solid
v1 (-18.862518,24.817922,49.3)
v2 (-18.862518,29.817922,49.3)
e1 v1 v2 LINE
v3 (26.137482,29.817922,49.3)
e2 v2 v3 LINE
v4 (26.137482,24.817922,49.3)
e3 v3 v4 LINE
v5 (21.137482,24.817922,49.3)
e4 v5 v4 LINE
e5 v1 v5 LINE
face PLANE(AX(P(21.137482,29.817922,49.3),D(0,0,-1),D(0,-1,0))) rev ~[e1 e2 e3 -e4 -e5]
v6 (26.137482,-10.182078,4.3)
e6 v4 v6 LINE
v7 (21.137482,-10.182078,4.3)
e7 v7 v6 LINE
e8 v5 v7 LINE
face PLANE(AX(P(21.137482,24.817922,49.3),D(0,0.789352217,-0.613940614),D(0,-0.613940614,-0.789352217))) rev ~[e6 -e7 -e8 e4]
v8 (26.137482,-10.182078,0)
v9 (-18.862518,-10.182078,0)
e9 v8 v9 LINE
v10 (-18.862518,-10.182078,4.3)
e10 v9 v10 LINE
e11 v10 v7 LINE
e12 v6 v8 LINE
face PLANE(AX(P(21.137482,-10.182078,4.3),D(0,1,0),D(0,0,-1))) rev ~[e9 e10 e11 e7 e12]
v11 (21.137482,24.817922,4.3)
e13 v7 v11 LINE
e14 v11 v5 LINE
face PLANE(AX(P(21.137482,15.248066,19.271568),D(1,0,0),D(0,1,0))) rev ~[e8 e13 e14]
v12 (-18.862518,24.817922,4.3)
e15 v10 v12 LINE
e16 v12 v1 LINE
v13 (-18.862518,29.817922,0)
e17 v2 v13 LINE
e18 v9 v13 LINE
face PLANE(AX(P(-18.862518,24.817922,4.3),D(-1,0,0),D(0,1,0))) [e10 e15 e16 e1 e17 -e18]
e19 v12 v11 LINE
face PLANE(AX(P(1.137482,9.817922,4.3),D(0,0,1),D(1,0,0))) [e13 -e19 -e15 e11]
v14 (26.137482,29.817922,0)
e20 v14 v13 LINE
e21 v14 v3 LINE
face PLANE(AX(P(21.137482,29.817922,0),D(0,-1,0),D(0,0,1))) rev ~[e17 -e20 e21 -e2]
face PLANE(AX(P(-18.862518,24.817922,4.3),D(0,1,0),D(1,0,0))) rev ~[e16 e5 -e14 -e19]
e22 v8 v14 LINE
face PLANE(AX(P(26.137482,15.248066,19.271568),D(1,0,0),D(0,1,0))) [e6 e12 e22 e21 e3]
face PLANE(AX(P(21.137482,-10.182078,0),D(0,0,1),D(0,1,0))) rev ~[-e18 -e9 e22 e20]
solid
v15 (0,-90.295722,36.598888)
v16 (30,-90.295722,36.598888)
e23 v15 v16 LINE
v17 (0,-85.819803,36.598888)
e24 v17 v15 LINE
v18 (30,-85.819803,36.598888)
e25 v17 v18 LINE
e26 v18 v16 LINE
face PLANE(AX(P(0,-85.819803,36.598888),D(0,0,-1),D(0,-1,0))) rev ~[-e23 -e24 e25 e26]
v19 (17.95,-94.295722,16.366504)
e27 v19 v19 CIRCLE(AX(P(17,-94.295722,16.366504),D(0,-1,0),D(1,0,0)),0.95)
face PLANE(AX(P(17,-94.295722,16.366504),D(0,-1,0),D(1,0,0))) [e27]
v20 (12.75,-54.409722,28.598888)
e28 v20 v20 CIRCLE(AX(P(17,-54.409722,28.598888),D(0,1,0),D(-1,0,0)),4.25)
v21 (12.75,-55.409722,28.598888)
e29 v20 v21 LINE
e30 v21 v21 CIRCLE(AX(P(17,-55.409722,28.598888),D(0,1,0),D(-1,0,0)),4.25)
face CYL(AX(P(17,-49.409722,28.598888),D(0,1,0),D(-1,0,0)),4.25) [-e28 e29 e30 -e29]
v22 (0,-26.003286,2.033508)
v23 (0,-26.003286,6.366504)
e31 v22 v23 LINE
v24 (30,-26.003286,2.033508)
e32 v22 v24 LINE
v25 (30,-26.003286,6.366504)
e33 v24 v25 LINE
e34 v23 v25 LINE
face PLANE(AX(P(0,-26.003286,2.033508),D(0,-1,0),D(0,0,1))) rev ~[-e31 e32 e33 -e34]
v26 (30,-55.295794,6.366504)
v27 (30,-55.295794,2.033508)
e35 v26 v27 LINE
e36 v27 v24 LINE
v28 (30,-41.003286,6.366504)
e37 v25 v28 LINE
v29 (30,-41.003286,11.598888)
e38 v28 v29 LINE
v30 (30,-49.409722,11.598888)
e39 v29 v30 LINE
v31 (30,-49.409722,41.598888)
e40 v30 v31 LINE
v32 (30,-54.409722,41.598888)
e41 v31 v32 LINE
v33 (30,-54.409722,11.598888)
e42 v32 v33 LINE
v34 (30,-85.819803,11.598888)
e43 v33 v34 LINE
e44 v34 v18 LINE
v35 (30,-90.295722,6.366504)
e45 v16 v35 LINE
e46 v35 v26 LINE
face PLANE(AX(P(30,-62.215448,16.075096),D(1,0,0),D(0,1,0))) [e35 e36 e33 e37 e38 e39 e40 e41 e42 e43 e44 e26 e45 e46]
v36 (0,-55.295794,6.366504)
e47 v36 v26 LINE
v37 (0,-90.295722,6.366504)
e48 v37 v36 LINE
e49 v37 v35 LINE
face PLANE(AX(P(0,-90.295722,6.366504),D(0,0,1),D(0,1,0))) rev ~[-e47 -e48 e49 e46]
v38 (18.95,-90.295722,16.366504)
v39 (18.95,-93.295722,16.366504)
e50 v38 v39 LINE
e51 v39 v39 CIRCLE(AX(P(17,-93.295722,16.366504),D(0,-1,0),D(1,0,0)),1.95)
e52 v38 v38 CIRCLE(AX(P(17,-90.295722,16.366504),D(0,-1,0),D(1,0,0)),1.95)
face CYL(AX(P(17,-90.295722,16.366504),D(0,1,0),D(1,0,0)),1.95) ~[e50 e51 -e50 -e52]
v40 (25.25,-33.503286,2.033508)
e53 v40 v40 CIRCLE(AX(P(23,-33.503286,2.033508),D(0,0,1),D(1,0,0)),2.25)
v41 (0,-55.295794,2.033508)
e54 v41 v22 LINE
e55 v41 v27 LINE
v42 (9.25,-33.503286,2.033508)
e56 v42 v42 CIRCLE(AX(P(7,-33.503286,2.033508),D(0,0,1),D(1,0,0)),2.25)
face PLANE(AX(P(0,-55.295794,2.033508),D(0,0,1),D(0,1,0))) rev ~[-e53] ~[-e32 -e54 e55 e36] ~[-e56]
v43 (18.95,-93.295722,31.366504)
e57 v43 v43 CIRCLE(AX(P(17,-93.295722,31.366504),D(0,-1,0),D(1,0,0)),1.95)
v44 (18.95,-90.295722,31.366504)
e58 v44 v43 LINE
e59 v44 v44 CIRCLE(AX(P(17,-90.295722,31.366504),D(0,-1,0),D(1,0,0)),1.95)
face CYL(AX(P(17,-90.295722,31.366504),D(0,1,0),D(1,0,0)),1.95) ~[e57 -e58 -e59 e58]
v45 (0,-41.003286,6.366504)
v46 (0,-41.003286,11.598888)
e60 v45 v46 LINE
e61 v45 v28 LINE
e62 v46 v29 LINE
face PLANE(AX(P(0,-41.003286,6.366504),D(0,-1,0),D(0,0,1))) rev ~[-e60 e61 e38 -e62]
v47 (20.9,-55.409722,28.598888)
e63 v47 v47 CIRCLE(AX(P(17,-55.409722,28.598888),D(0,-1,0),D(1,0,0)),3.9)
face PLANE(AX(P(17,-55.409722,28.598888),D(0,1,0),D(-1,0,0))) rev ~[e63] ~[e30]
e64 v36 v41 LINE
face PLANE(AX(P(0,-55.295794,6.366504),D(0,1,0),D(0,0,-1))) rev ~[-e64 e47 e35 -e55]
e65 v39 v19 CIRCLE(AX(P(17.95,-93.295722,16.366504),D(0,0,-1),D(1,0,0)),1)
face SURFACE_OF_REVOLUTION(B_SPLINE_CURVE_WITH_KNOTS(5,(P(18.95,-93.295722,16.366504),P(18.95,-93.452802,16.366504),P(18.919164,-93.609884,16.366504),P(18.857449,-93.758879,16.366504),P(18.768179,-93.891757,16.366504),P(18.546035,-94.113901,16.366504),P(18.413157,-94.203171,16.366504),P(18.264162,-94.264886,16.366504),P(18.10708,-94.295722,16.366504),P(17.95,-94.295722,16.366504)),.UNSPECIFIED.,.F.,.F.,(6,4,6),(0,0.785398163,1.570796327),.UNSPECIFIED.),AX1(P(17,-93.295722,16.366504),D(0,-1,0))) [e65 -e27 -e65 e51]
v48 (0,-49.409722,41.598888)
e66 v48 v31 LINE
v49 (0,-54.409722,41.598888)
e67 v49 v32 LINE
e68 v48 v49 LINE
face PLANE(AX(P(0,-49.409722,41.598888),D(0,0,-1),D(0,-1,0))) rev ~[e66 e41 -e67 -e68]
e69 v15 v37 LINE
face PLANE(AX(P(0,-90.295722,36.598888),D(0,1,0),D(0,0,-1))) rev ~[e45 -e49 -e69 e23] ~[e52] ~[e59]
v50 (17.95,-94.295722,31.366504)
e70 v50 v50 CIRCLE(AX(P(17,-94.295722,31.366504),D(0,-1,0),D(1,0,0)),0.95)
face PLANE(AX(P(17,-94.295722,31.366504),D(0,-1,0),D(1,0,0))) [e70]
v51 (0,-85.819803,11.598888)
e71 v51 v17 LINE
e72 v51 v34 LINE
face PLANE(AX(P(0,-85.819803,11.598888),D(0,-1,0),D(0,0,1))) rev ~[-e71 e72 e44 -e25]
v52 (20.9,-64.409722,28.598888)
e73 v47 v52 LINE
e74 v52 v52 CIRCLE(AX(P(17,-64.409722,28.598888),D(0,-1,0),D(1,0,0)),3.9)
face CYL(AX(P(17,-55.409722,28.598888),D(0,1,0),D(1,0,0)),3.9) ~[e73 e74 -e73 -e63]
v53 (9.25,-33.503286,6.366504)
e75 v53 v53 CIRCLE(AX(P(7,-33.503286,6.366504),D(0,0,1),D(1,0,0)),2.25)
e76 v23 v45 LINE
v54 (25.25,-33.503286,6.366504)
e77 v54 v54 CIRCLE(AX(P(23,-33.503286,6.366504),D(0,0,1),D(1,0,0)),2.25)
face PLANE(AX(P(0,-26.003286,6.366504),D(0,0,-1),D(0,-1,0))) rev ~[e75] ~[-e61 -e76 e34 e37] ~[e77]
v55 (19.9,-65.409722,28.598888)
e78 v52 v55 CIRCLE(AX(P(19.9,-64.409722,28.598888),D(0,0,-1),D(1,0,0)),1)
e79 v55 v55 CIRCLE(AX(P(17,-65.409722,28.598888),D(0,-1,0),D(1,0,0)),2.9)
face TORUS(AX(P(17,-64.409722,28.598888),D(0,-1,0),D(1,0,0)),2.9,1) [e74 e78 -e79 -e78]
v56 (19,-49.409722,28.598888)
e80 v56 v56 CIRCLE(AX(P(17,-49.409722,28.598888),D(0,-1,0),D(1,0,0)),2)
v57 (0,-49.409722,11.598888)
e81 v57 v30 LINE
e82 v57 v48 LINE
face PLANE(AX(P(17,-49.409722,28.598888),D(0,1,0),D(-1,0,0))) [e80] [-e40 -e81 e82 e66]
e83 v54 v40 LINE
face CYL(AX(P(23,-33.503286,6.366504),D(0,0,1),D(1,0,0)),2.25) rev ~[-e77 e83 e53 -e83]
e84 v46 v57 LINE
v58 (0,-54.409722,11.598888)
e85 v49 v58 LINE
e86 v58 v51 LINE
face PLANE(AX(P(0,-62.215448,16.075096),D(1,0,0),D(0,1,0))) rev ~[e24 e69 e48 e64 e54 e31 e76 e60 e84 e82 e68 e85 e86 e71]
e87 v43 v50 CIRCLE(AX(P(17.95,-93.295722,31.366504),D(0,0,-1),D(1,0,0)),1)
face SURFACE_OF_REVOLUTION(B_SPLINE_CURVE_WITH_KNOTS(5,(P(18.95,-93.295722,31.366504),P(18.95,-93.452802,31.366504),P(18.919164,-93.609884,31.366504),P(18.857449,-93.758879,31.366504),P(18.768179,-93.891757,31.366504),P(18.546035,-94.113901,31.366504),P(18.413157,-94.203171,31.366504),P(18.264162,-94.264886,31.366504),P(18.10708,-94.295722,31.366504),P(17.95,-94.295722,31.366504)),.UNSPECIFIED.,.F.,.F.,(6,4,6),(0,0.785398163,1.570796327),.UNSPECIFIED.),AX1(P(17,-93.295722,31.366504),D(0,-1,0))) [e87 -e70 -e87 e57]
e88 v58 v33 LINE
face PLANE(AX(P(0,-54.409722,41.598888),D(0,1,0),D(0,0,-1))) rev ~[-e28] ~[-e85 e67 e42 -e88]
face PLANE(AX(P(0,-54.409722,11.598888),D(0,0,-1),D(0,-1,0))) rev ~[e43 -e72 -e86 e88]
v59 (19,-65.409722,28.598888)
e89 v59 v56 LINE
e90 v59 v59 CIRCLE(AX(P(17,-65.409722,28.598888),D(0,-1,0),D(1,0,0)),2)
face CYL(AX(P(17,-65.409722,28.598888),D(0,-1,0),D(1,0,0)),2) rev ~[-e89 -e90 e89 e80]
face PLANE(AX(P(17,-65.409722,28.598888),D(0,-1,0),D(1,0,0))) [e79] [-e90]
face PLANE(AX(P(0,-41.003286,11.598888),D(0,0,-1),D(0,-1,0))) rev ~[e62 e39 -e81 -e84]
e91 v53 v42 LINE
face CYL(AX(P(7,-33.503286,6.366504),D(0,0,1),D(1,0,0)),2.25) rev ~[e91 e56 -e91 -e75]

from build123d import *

# Parameters (mm, degrees)
F0_W      = 40
F0_H      = 40
F1_DEPTH  = 4.3
F2_W      = 40
F2_H      = 5
F3_DEPTH  = 45
F5_DEPTH  = 5
F7_DEPTH  = 30
F8_R      = 4.25
F9_DEPTH  = 6
F10_R     = 3.9
F11_DEPTH = 10
F12_R     = 1
F13_R     = 2.25
F14_DEPTH = 4.332997
F15_R     = 2
F16_DEPTH = 16
F17_R     = 1.95
F18_DEPTH = 4
F19_R     = 1


with BuildPart() as f1:
    # F0 (on Top) → F1 (new body)
    with BuildSketch(Plane.XY):
        with Locations((1.137482, 9.817922)):
            Rectangle(F0_W, F0_H)
    extrude(amount=F1_DEPTH)

    # F2 (on face) → F3 (join)
    with BuildSketch(Plane.XY.offset(4.3)):
        with Locations((1.137482, 27.317922)):
            Rectangle(F2_W, F2_H)
    extrude(amount=F3_DEPTH)

    # F4 (on face) → F5 (join)
    with BuildSketch(Plane.YZ.offset(21.137482)):
        Polygon((29.817922, 0), (29.817922, 49.3), (24.817922, 49.3), (-10.182078, 4.3), (-10.182078, 0), align=None)
    extrude(amount=F5_DEPTH)


with BuildPart() as f7:
    # F6 (on Right) → F7 (new body)
    with BuildSketch(Plane.YZ):
        Polygon((-55.295794, 2.033508), (-26.003286, 2.033508), (-26.003286, 6.366504), (-41.003286, 6.366504), (-41.003286, 11.598888), (-49.409722, 11.598888), (-49.409722, 41.598888), (-54.409722, 41.598888), (-54.409722, 11.598888), (-85.819803, 11.598888), (-85.819803, 36.598888), (-90.295722, 36.598888), (-90.295722, 11.598888), (-90.295722, 6.366504), (-55.295794, 6.366504), align=None)
    extrude(amount=F7_DEPTH)

    # F8 (on face) → F9 (join)
    with BuildSketch(Plane(origin=(0, -49.409722, 0), x_dir=(-1, 0, 0), z_dir=(0, 1, 0))):
        with Locations((-17, 28.598888)):
            Circle(F8_R)
    extrude(amount=-F9_DEPTH)

    # F10 (on face) → F11 (join)
    with BuildSketch(Plane.XZ.offset(55.409722)):
        with Locations((17, 28.598888)):
            Circle(F10_R)
    extrude(amount=F11_DEPTH)

    # F12
    f12_edges = [f7.edges().sort_by_distance(p)[0] for p in [
        (13.1, -65.409722, 28.598888),
    ]]
    fillet(f12_edges, radius=F12_R)

    # F13 (on face) → F14 (cut, through all)
    with BuildSketch(Plane.XY.offset(6.366504)):
        with Locations((23, -33.503286)):
            Circle(F13_R)
        with Locations((7, -33.503286)):
            Circle(F13_R)
    extrude(amount=-F14_DEPTH, mode=Mode.SUBTRACT)

    # F15 (on face) → F16 (cut, through all)
    with BuildSketch(Plane.XZ.offset(65.409722)):
        with Locations((17, 28.598888)):
            Circle(F15_R)
    extrude(amount=-F16_DEPTH, mode=Mode.SUBTRACT)

    # F17 (on face) → F18 (join)
    with BuildSketch(Plane.XZ.offset(90.295722)):
        with Locations((17, 31.366504)):
            Circle(F17_R)
        with Locations((17, 16.366504)):
            Circle(F17_R)
    extrude(amount=F18_DEPTH)

    # F19
    f19_edges = [f7.edges().sort_by_distance(p)[0] for p in [
        (15.05, -94.295722, 31.366504),
        (15.05, -94.295722, 16.366504),
    ]]
    fillet(f19_edges, radius=F19_R)


solid = Compound([f1.part, f7.part])
